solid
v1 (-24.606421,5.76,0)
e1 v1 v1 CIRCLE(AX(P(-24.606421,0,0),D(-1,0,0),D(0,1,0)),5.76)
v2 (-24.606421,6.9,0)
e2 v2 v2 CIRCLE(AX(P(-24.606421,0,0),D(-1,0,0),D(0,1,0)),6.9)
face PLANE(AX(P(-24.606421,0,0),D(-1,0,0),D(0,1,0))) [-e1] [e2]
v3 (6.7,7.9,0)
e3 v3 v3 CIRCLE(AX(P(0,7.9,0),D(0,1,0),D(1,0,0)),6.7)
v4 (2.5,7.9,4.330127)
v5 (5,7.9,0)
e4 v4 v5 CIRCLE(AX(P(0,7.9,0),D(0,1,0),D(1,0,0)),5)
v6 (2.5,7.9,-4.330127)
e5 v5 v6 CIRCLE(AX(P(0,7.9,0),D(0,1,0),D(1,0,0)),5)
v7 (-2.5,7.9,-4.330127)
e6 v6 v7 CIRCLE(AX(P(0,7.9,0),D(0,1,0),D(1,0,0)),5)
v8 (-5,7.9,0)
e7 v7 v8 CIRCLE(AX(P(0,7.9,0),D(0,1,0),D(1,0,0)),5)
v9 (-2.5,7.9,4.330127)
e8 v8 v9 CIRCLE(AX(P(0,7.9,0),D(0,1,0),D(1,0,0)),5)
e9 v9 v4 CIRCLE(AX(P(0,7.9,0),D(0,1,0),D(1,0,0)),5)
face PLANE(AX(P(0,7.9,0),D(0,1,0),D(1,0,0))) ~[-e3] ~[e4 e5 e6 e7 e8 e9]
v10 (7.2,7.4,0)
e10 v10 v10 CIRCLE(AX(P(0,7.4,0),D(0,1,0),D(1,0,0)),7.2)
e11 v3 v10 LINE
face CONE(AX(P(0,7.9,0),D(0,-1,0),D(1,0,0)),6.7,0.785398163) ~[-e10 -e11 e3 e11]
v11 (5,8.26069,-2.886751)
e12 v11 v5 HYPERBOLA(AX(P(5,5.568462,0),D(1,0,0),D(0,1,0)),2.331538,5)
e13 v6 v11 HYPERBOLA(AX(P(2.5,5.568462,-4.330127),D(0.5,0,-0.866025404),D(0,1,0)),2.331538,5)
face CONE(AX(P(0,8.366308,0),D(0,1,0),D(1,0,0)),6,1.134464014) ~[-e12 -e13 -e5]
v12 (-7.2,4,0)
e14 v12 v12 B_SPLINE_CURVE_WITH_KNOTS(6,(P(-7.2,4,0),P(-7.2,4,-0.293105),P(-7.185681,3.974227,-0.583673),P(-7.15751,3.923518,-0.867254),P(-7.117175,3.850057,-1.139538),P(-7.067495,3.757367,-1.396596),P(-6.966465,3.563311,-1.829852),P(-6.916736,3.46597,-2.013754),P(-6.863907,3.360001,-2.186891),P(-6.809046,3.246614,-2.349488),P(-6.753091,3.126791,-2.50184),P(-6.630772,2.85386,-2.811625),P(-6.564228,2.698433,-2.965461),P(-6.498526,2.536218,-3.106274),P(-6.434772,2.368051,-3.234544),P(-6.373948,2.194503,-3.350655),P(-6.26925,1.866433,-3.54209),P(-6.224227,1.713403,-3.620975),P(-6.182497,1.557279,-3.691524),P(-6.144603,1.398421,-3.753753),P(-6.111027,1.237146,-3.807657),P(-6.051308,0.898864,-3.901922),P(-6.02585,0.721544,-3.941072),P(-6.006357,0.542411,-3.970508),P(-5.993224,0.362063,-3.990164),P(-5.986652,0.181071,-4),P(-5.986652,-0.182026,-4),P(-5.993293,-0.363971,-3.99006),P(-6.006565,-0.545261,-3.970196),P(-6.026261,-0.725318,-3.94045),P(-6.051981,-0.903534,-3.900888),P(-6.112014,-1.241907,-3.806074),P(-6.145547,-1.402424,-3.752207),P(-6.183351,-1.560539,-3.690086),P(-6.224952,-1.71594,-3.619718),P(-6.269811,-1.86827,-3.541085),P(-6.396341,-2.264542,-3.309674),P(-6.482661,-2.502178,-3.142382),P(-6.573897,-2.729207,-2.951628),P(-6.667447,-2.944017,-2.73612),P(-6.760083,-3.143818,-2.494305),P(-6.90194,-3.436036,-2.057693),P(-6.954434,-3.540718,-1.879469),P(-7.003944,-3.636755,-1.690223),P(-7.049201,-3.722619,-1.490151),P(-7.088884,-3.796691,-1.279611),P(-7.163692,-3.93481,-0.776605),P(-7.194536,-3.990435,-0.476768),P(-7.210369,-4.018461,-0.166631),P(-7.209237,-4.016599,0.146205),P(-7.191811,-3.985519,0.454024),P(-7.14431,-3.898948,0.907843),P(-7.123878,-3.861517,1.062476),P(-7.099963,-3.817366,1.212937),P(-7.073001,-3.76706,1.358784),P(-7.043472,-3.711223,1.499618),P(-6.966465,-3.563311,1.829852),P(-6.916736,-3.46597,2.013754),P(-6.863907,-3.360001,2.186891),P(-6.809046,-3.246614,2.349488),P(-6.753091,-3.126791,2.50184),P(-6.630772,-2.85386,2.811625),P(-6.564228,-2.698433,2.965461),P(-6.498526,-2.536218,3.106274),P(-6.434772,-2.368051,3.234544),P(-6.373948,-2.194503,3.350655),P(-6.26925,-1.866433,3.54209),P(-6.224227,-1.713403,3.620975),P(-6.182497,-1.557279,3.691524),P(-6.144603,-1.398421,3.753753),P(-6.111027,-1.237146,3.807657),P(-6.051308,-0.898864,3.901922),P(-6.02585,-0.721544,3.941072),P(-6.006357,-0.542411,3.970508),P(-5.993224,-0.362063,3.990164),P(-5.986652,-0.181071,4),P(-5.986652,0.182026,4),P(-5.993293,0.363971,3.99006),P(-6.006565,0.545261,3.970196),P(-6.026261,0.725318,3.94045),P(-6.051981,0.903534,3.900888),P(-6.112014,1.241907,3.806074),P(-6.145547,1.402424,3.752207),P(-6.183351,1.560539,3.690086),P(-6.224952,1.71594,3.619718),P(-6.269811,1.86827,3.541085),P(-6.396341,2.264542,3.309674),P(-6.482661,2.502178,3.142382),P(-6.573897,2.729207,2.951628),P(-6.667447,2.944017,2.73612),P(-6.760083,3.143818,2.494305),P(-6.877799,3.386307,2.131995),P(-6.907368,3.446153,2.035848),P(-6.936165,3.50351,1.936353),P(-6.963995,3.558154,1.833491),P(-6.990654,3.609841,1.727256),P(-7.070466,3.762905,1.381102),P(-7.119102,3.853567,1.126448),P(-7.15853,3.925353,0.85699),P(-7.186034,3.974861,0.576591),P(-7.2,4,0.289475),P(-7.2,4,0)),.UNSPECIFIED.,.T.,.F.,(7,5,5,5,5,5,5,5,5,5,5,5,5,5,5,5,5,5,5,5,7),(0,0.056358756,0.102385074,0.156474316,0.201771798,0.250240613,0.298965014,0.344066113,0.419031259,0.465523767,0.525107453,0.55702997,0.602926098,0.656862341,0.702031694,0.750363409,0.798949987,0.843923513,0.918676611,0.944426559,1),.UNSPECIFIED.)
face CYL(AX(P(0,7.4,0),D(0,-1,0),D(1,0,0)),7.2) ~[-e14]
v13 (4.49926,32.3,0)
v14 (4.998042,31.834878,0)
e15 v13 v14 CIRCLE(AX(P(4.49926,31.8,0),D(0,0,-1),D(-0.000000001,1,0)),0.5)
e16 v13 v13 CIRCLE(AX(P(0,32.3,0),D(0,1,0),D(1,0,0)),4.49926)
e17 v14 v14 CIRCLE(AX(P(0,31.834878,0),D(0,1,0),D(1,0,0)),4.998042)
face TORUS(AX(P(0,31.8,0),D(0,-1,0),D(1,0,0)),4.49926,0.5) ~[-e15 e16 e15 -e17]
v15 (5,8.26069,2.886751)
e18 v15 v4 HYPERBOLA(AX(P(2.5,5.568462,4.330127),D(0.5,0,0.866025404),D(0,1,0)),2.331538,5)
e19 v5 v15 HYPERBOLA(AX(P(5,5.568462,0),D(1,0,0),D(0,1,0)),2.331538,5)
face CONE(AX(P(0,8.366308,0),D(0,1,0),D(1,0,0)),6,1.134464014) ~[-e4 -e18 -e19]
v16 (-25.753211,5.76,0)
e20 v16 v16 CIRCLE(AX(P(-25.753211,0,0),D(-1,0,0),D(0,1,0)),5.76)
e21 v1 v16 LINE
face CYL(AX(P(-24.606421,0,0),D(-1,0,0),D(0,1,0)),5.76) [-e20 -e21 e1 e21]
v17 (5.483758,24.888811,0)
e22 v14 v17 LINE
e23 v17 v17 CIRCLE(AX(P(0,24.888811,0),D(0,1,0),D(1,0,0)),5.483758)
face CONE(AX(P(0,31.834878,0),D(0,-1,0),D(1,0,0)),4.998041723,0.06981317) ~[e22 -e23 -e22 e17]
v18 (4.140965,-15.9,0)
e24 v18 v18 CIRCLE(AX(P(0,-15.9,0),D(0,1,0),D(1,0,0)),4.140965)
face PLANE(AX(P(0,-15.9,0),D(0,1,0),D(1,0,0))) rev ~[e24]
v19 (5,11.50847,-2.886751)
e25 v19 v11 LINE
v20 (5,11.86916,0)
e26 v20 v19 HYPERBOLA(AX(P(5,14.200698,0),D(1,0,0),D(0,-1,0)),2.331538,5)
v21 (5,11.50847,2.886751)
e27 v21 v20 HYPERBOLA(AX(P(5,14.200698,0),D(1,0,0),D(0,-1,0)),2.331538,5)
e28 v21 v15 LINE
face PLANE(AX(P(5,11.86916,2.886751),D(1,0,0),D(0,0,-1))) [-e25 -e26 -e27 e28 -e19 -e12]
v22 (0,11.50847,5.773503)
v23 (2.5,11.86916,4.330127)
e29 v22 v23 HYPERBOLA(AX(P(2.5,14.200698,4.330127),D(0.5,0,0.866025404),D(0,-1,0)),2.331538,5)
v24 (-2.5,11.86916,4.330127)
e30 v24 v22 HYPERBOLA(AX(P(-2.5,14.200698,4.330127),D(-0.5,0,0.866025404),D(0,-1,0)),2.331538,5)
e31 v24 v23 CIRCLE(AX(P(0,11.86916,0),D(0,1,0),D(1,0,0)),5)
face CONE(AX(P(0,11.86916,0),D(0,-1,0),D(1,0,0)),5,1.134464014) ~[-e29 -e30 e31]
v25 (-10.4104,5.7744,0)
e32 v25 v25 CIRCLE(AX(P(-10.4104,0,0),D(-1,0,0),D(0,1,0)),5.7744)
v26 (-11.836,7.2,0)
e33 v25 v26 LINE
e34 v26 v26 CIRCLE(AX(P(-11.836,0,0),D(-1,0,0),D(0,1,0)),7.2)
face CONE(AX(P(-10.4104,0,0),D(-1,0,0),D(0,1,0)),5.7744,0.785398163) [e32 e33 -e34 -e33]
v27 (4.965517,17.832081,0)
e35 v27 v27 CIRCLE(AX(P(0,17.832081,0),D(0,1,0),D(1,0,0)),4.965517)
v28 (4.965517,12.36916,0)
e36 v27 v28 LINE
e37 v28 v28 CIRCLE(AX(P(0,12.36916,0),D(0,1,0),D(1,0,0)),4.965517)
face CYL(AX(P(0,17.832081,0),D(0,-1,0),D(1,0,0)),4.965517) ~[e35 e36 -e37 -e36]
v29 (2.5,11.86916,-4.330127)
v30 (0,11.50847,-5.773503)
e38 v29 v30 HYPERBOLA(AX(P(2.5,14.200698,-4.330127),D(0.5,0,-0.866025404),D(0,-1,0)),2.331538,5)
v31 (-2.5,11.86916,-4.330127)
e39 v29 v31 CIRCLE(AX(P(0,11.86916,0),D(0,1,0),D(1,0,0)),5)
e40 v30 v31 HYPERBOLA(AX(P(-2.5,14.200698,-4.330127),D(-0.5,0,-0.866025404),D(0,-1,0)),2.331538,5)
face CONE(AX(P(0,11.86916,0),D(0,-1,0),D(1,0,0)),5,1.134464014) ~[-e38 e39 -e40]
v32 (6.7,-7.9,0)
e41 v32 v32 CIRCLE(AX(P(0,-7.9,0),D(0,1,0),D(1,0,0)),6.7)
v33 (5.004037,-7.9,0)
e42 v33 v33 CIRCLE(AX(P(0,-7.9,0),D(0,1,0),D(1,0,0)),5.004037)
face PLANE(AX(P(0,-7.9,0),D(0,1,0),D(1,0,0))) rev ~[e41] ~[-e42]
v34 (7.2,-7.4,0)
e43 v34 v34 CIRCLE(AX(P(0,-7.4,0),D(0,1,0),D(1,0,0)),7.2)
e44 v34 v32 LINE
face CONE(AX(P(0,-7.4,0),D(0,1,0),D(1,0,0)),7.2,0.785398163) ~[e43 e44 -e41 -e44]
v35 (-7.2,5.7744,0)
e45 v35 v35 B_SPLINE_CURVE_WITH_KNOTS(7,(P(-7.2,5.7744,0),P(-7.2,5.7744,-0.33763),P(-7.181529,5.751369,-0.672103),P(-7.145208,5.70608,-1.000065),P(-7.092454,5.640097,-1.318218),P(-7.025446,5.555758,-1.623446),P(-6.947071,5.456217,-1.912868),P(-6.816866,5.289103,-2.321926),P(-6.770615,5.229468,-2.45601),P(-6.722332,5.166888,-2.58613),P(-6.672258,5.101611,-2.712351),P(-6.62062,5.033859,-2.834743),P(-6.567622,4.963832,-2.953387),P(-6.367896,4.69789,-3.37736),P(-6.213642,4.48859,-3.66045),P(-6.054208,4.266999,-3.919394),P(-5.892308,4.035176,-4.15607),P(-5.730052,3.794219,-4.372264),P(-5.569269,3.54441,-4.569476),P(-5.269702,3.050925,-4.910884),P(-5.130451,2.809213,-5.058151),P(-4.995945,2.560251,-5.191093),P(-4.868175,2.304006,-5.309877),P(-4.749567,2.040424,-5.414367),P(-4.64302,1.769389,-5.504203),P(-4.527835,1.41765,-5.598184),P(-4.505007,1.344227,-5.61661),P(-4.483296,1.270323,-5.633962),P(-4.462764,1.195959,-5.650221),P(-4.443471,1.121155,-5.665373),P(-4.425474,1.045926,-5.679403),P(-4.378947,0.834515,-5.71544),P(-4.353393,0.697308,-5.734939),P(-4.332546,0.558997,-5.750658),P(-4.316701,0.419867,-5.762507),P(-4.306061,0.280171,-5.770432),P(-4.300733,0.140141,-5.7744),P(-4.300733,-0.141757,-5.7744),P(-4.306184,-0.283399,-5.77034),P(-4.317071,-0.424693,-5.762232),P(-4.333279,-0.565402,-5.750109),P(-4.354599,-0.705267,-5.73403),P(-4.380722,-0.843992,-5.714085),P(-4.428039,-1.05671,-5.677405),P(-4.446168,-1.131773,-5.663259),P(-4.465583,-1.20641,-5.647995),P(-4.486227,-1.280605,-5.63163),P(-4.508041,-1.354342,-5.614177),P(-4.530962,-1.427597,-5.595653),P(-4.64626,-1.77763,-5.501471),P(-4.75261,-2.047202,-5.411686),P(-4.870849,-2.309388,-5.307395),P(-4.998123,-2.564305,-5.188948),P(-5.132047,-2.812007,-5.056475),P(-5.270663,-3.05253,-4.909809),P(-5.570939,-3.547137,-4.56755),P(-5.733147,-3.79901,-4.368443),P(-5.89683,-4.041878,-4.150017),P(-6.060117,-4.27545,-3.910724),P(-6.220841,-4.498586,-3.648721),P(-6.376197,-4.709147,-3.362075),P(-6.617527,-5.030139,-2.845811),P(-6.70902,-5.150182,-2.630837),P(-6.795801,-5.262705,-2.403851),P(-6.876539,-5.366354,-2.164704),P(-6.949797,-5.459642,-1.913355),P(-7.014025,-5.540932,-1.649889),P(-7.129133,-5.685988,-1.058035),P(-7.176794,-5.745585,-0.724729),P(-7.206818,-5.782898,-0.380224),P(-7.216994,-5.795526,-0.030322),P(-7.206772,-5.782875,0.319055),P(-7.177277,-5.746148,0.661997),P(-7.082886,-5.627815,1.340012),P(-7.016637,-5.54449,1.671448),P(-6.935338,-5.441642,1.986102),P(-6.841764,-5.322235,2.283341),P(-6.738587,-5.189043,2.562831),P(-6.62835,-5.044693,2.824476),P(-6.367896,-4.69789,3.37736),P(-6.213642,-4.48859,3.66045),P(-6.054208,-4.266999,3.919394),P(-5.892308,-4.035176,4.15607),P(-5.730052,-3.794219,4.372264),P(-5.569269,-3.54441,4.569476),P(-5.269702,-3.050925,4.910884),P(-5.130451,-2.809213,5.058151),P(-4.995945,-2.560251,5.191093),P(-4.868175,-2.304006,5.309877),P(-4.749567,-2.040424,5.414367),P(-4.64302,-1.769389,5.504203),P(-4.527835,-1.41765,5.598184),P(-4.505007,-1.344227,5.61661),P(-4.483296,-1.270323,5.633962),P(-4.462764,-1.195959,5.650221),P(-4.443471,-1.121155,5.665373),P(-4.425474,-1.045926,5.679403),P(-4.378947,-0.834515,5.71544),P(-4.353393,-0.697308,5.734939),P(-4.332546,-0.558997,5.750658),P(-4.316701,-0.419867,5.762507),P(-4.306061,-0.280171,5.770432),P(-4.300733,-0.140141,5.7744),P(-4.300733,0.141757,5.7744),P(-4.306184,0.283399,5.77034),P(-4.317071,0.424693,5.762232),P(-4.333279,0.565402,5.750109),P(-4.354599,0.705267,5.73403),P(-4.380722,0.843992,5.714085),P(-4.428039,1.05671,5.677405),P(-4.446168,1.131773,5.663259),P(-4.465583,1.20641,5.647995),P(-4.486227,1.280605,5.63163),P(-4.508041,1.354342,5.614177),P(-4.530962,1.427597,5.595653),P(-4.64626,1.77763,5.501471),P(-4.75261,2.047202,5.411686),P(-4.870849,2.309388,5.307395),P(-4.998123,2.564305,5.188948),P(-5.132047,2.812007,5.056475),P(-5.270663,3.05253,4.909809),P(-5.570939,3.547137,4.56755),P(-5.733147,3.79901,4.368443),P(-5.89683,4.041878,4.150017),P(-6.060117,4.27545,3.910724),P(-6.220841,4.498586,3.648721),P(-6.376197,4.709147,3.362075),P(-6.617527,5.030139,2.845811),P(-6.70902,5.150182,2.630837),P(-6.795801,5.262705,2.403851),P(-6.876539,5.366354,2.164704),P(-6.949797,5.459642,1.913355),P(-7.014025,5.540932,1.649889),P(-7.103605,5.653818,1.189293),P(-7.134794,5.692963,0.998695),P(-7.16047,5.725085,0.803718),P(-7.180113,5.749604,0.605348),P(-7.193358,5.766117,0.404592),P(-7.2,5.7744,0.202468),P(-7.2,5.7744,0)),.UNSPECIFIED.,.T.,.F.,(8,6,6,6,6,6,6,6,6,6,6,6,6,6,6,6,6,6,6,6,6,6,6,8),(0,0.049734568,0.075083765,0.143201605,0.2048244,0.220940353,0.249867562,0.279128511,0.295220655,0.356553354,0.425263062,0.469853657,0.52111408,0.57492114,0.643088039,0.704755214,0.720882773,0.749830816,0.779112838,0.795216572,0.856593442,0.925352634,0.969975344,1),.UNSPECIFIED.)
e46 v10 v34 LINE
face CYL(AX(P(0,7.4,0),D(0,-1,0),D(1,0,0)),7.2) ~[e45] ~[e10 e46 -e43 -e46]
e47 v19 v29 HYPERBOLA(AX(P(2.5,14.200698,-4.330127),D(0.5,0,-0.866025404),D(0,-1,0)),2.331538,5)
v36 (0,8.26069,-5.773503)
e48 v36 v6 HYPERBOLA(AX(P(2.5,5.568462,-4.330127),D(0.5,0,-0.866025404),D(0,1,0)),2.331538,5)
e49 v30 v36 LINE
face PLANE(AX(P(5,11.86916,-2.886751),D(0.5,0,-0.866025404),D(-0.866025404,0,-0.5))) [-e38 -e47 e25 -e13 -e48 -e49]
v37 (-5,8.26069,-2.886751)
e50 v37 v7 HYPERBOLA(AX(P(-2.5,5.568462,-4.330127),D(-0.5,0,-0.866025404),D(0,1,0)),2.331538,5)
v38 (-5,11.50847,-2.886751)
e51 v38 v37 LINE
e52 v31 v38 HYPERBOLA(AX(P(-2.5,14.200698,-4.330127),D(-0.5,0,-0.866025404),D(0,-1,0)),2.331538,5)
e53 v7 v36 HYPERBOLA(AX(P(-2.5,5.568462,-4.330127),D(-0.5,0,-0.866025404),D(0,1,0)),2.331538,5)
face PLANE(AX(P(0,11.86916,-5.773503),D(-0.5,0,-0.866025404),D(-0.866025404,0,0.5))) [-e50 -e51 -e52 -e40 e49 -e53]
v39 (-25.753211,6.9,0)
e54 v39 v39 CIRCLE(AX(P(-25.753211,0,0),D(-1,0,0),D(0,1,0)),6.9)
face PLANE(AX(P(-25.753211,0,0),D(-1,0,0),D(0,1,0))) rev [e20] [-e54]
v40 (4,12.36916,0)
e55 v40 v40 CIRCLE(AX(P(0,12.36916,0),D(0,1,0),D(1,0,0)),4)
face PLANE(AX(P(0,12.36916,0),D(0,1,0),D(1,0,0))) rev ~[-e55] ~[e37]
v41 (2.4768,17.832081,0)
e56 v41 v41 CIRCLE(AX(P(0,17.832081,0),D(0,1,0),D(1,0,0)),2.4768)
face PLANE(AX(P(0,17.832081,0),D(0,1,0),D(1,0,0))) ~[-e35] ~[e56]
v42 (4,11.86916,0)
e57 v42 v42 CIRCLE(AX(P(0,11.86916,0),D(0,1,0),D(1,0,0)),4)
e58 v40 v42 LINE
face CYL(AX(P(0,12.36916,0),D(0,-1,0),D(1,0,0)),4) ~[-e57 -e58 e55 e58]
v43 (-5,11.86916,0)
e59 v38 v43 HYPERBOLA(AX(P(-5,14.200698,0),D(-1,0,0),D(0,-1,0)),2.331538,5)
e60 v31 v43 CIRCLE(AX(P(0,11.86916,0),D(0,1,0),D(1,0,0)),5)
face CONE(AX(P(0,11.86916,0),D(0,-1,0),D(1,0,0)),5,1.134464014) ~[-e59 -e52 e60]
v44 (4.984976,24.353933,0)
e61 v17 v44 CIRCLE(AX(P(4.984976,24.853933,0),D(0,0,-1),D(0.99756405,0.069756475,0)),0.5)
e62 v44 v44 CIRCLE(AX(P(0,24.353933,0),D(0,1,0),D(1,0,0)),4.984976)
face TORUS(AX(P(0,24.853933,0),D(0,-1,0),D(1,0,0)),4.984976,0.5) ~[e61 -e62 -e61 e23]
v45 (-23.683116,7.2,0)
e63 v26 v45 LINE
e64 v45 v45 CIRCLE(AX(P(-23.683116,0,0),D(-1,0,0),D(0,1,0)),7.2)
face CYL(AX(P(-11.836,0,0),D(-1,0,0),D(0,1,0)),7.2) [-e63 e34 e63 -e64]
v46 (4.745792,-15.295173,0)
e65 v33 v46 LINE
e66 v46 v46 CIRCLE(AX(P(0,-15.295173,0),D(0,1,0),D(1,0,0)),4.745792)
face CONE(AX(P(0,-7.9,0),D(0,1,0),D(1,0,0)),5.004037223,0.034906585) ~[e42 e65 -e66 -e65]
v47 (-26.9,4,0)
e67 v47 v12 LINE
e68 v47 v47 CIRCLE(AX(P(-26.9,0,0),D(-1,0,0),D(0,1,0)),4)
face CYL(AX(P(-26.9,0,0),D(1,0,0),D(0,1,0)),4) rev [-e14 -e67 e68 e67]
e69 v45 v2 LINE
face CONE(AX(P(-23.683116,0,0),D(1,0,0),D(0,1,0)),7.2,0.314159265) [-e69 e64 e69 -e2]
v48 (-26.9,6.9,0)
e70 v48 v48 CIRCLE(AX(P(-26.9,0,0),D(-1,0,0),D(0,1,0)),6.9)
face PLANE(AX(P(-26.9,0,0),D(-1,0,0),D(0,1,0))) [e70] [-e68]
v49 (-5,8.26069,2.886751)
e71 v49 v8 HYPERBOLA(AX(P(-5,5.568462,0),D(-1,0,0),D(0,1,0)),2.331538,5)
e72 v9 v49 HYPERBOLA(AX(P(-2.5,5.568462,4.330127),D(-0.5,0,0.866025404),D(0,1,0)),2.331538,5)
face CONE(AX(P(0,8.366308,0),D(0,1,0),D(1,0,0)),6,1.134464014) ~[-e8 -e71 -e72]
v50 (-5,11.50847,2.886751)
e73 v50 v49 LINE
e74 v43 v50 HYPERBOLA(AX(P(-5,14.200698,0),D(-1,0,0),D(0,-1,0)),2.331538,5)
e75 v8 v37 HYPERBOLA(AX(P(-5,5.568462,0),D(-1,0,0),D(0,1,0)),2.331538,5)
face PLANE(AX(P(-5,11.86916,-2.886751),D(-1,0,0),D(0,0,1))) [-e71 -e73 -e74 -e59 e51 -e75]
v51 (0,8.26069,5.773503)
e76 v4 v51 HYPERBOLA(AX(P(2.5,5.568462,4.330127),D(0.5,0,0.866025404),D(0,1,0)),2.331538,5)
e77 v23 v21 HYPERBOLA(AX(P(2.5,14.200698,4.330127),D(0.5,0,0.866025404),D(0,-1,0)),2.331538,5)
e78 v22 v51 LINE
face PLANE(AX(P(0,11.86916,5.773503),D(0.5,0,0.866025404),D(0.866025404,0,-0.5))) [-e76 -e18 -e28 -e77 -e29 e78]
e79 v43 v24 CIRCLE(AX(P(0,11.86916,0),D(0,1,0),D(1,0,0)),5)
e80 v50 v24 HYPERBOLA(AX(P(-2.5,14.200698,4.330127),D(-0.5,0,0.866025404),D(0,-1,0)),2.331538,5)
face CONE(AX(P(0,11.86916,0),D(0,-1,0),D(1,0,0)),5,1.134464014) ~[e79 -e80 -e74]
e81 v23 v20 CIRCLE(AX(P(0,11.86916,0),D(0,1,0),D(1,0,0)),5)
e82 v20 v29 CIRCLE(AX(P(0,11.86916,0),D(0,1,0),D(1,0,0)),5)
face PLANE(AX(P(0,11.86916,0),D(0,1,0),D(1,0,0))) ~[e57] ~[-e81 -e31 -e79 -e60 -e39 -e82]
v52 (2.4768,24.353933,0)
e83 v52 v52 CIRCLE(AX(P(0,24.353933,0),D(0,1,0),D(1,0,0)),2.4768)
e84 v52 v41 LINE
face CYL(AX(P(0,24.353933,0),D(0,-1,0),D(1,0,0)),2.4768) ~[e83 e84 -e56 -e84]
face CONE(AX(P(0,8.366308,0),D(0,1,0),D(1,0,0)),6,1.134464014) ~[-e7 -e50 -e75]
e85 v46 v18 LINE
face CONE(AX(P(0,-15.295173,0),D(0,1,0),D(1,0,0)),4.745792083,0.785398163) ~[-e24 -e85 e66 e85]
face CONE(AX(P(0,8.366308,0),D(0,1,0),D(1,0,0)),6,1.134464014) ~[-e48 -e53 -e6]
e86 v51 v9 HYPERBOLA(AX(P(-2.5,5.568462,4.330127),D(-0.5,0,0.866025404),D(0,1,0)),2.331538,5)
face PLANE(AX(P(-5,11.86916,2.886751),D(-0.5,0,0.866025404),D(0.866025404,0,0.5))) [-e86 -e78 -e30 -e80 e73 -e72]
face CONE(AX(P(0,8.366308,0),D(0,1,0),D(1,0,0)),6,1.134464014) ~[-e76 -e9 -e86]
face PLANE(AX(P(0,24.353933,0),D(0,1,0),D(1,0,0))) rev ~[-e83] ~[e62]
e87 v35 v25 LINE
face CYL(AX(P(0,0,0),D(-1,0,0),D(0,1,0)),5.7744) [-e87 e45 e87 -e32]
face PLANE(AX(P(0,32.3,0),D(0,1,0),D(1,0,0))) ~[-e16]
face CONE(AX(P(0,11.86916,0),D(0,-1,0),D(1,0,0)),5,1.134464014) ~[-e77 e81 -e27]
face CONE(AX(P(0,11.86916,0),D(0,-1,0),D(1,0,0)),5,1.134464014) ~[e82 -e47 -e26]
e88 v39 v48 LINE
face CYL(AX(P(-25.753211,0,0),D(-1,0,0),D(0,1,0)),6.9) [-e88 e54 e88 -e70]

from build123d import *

# Parameters (mm, degrees)
CUT_EXTRUDE1_DEPTH = 3.96916


with BuildPart() as part:
    # Sketch1 → Revolve1 (revolve)
    with BuildSketch(Plane.XY):
        with BuildLine():
            Line((0, 32.3), (4.499259698, 32.3))
            ThreePointArc((4.499259698, 32.3), (4.840258878, 32.165676851), (4.998041723, 31.834878237))
            Line((4.998041723, 31.834878237), (5.483758073, 24.888810821))
            ThreePointArc((5.483758073, 24.888810821), (5.350652899, 24.512933404), (4.984976048, 24.353932584))
            Line((4.984976048, 24.353932584), (2.4768, 24.353932584))
            Line((2.4768, 24.353932584), (2.4768, 17.832081348))
            Line((2.4768, 17.832081348), (4.965517241, 17.832081348))
            Line((4.965517241, 17.832081348), (4.965517241, 12.36916))
            Line((4.965517241, 12.36916), (4, 12.36916))
            Line((4, 12.36916), (4, 11.86916))
            Line((4, 11.86916), (5, 11.86916))
            Line((5, 11.86916), (6, 11.402852342))
            Line((6, 11.402852342), (6, 8.366307658))
            Line((6, 8.366307658), (5, 7.9))
            Line((5, 7.9), (6.7, 7.9))
            Line((6.7, 7.9), (7.2, 7.4))
            Line((7.2, 7.4), (7.2, -7.4))
            Line((7.2, -7.4), (6.7, -7.9))
            Line((6.7, -7.9), (5.004037223, -7.9))
            Line((5.004037223, -7.9), (4.745792083, -15.295173238))
            Line((4.745792083, -15.295173238), (4.140965321, -15.9))
            Line((4.140965321, -15.9), (0, -15.9))
            Line((0, -15.9), (0, 32.3))
        make_face()
    revolve(axis=Axis((0, -15.9, 0), (0, 1, 0)))

    # Sketch2 → Cut-Extrude1 (cut)
    with BuildSketch(Plane(origin=(0, 11.86916, 0), x_dir=(1, 0, 0), z_dir=(0, 1, 0))):
        Polygon((-6.5, -3.75277675), (0, -7.505553499), (6.5, -3.75277675), (6.5, 3.75277675), (0, 7.505553499), (-6.5, 3.75277675), align=None)
        Polygon((-5, -2.886751346), (0, -5.773502692), (5, -2.886751346), (5, 2.886751346), (0, 5.773502692), (-5, 2.886751346), align=None, mode=Mode.SUBTRACT)
    extrude(amount=-CUT_EXTRUDE1_DEPTH, mode=Mode.SUBTRACT)

    # Sketch3 → Revolve2 (revolve)
    with BuildSketch(Plane.XY):
        Polygon((-26.9, 4), (0, 4), (0, 5.7744), (-10.4104, 5.7744), (-11.836, 7.2), (-23.683115991, 7.2), (-24.606421053, 6.9), (-24.606421053, 5.76), (-25.753210526, 5.76), (-25.753210526, 6.9), (-26.9, 6.9), align=None)
    revolve(axis=Axis((0, 0, 0), (-1, 0, 0)))


solid = part.part
